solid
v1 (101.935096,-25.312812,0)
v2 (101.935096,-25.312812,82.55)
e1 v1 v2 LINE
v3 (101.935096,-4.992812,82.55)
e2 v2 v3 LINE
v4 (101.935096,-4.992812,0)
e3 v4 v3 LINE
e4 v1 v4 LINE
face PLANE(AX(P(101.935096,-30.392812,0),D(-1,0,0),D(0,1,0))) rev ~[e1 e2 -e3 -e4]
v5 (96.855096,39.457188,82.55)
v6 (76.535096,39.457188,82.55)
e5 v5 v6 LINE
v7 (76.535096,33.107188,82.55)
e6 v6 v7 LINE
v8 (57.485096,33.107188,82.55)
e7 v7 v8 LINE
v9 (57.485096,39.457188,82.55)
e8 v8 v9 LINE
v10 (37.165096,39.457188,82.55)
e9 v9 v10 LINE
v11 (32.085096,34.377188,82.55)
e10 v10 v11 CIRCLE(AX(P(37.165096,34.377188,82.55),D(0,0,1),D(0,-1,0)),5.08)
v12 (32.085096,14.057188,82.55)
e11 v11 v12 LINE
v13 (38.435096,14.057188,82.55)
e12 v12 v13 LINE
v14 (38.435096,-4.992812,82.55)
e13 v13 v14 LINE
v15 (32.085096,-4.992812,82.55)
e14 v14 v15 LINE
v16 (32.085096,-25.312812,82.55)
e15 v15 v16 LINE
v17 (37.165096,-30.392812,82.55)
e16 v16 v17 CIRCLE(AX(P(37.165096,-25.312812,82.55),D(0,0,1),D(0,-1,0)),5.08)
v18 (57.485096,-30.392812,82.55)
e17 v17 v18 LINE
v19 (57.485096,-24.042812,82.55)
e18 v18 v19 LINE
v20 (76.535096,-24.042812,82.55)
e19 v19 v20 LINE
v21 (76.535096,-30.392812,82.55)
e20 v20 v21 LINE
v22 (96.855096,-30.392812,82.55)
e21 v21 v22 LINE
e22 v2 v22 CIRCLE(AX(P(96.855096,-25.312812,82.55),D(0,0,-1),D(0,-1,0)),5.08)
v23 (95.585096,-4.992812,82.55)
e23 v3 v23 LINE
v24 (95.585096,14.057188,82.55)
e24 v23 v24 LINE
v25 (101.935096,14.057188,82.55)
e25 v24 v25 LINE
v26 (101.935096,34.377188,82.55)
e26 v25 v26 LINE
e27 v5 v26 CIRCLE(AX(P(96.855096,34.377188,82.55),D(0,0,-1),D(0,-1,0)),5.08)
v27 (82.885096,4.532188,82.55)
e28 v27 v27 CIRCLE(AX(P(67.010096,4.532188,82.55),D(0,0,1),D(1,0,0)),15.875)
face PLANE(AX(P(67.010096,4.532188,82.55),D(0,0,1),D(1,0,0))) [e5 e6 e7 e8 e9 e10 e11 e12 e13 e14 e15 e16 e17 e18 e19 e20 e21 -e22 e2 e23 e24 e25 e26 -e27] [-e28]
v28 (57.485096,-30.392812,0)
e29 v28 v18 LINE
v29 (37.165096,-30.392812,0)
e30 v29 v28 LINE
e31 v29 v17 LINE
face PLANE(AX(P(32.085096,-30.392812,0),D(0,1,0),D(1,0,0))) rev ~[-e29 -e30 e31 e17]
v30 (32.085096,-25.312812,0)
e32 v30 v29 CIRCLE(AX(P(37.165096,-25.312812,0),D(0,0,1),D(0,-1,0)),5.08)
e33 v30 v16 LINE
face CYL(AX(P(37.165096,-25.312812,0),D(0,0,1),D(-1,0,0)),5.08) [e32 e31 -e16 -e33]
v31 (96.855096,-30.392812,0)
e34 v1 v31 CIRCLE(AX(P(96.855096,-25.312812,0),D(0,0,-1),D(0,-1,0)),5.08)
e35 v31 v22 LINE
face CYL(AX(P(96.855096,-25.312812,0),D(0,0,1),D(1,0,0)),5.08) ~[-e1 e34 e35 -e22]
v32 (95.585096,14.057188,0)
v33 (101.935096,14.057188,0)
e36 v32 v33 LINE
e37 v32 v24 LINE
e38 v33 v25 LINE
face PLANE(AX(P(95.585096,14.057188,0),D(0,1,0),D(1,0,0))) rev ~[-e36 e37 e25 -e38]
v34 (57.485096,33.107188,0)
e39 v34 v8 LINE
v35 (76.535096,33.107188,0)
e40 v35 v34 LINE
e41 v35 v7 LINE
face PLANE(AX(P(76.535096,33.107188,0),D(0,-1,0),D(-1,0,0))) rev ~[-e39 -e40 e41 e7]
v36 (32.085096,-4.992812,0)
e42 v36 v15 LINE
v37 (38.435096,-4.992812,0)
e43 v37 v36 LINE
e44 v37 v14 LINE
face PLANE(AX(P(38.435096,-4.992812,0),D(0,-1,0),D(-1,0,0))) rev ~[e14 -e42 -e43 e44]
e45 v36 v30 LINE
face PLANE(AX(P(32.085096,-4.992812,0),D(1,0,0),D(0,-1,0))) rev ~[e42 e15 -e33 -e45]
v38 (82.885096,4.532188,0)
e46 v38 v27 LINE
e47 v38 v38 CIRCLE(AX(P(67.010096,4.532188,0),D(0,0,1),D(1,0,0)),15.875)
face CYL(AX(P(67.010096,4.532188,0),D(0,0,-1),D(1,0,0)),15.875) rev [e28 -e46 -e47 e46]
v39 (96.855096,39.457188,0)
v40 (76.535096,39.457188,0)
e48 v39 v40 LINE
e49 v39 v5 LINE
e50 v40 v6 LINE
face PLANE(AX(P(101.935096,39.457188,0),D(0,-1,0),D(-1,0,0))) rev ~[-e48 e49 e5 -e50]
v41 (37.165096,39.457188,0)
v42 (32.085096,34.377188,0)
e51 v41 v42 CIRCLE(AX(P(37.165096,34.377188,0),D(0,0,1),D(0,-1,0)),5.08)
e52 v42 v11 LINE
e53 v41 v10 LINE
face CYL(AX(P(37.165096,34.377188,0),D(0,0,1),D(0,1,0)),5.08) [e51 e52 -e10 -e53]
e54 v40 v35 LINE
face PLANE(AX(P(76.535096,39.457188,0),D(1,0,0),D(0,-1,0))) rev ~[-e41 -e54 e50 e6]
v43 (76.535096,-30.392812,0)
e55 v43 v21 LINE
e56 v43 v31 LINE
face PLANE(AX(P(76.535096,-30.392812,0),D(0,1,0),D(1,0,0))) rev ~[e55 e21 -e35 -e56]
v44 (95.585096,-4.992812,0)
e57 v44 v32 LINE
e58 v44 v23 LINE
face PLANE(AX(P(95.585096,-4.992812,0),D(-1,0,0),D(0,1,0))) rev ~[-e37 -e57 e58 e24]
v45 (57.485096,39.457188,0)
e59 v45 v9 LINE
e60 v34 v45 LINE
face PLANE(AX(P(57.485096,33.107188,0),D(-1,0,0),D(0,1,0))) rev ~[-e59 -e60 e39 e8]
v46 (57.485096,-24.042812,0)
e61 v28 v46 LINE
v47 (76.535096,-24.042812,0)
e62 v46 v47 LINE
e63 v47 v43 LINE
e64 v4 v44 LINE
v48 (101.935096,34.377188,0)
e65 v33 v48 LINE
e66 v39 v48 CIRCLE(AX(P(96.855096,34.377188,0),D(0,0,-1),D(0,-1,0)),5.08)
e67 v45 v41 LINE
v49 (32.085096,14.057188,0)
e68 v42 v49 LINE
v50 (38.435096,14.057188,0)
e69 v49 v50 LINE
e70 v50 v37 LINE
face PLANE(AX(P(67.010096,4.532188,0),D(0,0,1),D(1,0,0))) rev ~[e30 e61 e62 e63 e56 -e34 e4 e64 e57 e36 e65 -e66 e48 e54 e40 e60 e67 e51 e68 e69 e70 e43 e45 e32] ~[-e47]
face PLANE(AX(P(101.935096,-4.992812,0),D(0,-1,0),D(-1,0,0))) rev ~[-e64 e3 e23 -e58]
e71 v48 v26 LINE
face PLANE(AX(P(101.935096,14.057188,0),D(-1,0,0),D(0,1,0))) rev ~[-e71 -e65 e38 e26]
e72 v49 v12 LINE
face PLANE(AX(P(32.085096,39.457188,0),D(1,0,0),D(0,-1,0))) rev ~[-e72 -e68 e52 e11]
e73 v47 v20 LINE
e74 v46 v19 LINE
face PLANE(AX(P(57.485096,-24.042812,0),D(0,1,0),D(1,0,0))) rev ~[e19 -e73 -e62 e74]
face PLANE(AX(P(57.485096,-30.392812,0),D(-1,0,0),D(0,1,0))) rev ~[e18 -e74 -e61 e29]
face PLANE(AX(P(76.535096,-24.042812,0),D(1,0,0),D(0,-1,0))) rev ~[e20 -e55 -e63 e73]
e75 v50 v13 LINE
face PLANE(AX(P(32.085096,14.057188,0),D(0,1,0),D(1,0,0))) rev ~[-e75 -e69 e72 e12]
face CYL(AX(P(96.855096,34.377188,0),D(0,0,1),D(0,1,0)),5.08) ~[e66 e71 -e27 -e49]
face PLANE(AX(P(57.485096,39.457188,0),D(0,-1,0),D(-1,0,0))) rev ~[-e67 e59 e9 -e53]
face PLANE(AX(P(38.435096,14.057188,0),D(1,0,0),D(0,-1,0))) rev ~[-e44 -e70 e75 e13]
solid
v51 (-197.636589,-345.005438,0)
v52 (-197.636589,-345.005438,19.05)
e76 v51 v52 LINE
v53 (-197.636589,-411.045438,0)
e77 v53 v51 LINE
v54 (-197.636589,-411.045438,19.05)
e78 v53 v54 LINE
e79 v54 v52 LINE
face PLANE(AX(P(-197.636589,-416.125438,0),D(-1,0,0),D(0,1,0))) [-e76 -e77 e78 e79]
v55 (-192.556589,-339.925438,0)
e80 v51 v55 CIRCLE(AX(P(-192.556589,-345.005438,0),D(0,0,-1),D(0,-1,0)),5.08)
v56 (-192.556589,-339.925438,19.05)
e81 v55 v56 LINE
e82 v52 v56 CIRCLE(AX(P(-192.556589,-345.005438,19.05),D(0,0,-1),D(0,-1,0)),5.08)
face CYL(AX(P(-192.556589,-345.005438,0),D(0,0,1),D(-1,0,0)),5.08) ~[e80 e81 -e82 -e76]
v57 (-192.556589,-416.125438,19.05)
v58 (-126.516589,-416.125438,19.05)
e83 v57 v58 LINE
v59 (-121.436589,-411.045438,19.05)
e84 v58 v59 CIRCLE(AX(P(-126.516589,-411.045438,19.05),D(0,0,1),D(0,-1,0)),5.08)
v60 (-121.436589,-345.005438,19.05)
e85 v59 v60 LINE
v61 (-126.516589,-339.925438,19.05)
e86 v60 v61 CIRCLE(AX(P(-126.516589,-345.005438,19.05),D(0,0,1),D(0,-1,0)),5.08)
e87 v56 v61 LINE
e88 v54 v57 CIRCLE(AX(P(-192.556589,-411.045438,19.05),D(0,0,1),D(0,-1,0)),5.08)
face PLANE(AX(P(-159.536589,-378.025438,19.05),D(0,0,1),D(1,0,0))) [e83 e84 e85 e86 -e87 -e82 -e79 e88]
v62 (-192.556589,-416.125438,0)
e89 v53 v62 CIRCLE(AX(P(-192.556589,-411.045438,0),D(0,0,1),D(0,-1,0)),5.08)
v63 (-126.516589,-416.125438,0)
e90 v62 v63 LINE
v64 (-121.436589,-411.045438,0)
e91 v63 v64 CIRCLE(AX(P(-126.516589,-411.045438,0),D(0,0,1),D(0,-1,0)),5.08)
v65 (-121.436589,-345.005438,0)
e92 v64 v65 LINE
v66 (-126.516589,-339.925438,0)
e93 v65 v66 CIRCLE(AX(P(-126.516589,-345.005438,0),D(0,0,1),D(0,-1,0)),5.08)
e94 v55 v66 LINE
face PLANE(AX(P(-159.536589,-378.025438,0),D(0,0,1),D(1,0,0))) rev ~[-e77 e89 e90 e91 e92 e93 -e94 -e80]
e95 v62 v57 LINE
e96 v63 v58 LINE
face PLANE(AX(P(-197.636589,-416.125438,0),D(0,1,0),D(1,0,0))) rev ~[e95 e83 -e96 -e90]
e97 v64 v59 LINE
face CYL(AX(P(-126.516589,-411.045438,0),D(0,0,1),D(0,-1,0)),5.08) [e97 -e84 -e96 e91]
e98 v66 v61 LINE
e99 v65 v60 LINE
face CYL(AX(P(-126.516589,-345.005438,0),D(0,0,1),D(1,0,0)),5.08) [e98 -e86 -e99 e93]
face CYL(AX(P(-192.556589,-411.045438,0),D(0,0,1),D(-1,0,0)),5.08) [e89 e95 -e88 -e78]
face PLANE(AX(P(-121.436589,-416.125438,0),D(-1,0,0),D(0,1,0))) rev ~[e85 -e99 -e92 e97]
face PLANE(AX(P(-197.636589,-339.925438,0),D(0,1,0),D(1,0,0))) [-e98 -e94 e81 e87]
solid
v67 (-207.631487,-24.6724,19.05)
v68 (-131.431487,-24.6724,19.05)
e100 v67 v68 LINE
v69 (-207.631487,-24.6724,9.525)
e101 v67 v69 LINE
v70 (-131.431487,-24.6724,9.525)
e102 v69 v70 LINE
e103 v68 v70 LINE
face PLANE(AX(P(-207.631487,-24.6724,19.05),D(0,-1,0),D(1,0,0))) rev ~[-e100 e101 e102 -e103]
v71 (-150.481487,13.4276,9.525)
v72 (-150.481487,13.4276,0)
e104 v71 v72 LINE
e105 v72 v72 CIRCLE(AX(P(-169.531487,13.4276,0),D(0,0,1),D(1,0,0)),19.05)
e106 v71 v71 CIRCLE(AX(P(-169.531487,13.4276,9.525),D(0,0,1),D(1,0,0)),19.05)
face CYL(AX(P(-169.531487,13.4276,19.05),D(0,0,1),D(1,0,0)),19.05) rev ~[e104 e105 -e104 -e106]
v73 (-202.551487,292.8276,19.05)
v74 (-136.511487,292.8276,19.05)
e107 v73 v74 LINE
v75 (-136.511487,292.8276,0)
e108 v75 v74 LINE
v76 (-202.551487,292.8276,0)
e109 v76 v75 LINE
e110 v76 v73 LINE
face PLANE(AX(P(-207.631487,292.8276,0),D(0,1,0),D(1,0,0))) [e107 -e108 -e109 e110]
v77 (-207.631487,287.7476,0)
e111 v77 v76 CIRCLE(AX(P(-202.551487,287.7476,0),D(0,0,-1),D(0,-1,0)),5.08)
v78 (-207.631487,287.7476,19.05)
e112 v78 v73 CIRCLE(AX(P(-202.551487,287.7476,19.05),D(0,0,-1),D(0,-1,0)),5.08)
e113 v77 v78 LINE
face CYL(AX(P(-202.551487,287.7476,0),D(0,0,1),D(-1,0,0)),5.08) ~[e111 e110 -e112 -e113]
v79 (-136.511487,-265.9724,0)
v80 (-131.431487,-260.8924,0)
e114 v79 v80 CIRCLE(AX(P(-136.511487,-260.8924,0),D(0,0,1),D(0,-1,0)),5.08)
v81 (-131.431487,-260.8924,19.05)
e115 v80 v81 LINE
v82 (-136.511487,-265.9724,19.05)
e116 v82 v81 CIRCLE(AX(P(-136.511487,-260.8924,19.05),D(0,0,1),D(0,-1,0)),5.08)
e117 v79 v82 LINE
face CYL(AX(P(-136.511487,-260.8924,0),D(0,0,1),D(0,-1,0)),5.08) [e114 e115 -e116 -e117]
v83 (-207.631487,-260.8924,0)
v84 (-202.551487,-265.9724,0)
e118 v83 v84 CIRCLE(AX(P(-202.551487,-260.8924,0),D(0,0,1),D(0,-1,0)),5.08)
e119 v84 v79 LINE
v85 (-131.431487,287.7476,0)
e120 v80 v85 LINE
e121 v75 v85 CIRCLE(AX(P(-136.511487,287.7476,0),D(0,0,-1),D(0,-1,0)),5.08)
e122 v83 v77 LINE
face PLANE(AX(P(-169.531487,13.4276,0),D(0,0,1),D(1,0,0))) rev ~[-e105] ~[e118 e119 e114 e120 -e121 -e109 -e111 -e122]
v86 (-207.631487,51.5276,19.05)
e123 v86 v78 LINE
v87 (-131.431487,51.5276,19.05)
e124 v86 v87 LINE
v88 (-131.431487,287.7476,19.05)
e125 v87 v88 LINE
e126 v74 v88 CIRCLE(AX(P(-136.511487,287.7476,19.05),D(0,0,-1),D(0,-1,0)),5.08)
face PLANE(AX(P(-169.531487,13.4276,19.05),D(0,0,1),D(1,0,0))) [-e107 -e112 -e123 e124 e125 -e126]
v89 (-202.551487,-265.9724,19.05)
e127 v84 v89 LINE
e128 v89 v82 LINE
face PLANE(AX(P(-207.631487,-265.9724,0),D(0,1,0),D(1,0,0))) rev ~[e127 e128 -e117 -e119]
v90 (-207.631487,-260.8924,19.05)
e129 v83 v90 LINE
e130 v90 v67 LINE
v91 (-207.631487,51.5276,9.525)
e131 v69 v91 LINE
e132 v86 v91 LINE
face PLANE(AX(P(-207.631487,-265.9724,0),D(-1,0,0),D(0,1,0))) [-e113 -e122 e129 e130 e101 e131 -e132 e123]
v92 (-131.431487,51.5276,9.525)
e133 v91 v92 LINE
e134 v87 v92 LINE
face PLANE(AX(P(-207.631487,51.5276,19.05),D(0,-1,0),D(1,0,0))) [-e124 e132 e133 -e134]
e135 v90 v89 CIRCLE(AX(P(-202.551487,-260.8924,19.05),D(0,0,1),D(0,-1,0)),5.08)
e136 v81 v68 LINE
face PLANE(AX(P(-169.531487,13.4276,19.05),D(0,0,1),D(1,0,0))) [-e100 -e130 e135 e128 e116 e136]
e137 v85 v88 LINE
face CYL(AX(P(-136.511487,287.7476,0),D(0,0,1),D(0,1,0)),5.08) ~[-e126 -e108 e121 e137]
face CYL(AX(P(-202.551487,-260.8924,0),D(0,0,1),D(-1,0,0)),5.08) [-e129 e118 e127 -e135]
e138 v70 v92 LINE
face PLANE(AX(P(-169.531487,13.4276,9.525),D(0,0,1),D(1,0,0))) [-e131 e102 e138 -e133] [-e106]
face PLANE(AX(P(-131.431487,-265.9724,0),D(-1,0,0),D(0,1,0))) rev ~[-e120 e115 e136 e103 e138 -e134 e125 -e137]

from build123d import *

# Parameters (mm, degrees)
F1_R     = 15.875
F2_DEPTH = 82.55
F3_W     = 76.2
F3_H     = 558.8
F4_DEPTH = 19.05
F3_H_2   = 76.2
F5_W     = 76.2
F5_H     = 76.2
F5_R     = 19.05
F6_DEPTH = 9.525
F7_R     = 5.08
F8_R     = 5.08
F9_DEPTH = 19.05
F10_R    = 5.08


with BuildPart() as f2:
    # F1 (on Top) → F2 (new body)
    with BuildSketch(Plane.XY):
        Polygon((57.4850961566, 39.4571875989), (32.0850961566, 39.4571875989), (32.0850961566, 14.0571875989), (38.4350961566, 14.0571875989), (38.4350961566, -4.9928124011), (32.0850961566, -4.9928124011), (32.0850961566, -30.3928124011), (57.4850961566, -30.3928124011), (57.4850961566, -24.0428124011), (76.5350961566, -24.0428124011), (76.5350961566, -30.3928124011), (101.9350961566, -30.3928124011), (101.9350961566, -4.9928124011), (95.5850961566, -4.9928124011), (95.5850961566, 14.0571875989), (101.9350961566, 14.0571875989), (101.9350961566, 39.4571875989), (76.5350961566, 39.4571875989), (76.5350961566, 33.1071875989), (57.4850961566, 33.1071875989), align=None)
        with Locations((67.0100961566, 4.5321875989)):
            Circle(F1_R, mode=Mode.SUBTRACT)
    extrude(amount=F2_DEPTH)

    # F8
    f8_edges = [f2.edges().sort_by_distance(p)[0] for p in [
        (101.935096, -30.392812, 41.275),
        (32.085096, -30.392812, 41.275),
        (101.935096, 39.457188, 41.275),
        (32.085096, 39.457188, 41.275),
    ]]
    fillet(f8_edges, radius=F8_R)


with BuildPart() as f4:
    # F3 (on Top) → F4 (new body)
    with BuildSketch(Plane.XY):
        with Locations((-169.5314869285, 13.4275996701)):
            Rectangle(F3_W, F3_H)
    extrude(amount=F4_DEPTH)

    # F5 (on face) → F6 (cut)
    with BuildSketch(Plane.XY.offset(19.05)):
        with Locations((-169.5314869285, 13.4275996701)):
            Rectangle(F5_W, F5_H)
        with Locations((-169.5314869285, 13.4275996701)):
            Circle(F5_R, mode=Mode.SUBTRACT)
        with Locations((-169.5314869285, 13.4275996701)):
            Circle(F5_R)
    extrude(amount=-F6_DEPTH, mode=Mode.SUBTRACT)

    # F7
    f7_edges = [f4.edges().sort_by_distance(p)[0] for p in [
        (-207.631487, 292.8276, 9.525),
        (-131.431487, 292.8276, 9.525),
        (-207.631487, -265.9724, 9.525),
        (-131.431487, -265.9724, 9.525),
    ]]
    fillet(f7_edges, radius=F7_R)

    # F5 (on face) → F9 (cut, through all)
    with BuildSketch(Plane.XY.offset(19.05)):
        with Locations((-169.5314869285, 13.4275996701)):
            Circle(F5_R)
    extrude(amount=-F9_DEPTH, mode=Mode.SUBTRACT)


with BuildPart() as f4b:
    # F3 (on Top) → F4, piece 2 (new body)
    with BuildSketch(Plane.XY):
        with Locations((-159.5365894079, -378.0254381657)):
            Rectangle(F3_W, F3_H_2)
    extrude(amount=F4_DEPTH)

    # F10
    f10_edges = [f4b.edges().sort_by_distance(p)[0] for p in [
        (-197.636589, -416.125438, 9.525),
        (-121.436589, -416.125438, 9.525),
        (-121.436589, -339.925438, 9.525),
        (-197.636589, -339.925438, 9.525),
    ]]
    fillet(f10_edges, radius=F10_R)


solid = Compound([f2.part, f4.part, f4b.part])
